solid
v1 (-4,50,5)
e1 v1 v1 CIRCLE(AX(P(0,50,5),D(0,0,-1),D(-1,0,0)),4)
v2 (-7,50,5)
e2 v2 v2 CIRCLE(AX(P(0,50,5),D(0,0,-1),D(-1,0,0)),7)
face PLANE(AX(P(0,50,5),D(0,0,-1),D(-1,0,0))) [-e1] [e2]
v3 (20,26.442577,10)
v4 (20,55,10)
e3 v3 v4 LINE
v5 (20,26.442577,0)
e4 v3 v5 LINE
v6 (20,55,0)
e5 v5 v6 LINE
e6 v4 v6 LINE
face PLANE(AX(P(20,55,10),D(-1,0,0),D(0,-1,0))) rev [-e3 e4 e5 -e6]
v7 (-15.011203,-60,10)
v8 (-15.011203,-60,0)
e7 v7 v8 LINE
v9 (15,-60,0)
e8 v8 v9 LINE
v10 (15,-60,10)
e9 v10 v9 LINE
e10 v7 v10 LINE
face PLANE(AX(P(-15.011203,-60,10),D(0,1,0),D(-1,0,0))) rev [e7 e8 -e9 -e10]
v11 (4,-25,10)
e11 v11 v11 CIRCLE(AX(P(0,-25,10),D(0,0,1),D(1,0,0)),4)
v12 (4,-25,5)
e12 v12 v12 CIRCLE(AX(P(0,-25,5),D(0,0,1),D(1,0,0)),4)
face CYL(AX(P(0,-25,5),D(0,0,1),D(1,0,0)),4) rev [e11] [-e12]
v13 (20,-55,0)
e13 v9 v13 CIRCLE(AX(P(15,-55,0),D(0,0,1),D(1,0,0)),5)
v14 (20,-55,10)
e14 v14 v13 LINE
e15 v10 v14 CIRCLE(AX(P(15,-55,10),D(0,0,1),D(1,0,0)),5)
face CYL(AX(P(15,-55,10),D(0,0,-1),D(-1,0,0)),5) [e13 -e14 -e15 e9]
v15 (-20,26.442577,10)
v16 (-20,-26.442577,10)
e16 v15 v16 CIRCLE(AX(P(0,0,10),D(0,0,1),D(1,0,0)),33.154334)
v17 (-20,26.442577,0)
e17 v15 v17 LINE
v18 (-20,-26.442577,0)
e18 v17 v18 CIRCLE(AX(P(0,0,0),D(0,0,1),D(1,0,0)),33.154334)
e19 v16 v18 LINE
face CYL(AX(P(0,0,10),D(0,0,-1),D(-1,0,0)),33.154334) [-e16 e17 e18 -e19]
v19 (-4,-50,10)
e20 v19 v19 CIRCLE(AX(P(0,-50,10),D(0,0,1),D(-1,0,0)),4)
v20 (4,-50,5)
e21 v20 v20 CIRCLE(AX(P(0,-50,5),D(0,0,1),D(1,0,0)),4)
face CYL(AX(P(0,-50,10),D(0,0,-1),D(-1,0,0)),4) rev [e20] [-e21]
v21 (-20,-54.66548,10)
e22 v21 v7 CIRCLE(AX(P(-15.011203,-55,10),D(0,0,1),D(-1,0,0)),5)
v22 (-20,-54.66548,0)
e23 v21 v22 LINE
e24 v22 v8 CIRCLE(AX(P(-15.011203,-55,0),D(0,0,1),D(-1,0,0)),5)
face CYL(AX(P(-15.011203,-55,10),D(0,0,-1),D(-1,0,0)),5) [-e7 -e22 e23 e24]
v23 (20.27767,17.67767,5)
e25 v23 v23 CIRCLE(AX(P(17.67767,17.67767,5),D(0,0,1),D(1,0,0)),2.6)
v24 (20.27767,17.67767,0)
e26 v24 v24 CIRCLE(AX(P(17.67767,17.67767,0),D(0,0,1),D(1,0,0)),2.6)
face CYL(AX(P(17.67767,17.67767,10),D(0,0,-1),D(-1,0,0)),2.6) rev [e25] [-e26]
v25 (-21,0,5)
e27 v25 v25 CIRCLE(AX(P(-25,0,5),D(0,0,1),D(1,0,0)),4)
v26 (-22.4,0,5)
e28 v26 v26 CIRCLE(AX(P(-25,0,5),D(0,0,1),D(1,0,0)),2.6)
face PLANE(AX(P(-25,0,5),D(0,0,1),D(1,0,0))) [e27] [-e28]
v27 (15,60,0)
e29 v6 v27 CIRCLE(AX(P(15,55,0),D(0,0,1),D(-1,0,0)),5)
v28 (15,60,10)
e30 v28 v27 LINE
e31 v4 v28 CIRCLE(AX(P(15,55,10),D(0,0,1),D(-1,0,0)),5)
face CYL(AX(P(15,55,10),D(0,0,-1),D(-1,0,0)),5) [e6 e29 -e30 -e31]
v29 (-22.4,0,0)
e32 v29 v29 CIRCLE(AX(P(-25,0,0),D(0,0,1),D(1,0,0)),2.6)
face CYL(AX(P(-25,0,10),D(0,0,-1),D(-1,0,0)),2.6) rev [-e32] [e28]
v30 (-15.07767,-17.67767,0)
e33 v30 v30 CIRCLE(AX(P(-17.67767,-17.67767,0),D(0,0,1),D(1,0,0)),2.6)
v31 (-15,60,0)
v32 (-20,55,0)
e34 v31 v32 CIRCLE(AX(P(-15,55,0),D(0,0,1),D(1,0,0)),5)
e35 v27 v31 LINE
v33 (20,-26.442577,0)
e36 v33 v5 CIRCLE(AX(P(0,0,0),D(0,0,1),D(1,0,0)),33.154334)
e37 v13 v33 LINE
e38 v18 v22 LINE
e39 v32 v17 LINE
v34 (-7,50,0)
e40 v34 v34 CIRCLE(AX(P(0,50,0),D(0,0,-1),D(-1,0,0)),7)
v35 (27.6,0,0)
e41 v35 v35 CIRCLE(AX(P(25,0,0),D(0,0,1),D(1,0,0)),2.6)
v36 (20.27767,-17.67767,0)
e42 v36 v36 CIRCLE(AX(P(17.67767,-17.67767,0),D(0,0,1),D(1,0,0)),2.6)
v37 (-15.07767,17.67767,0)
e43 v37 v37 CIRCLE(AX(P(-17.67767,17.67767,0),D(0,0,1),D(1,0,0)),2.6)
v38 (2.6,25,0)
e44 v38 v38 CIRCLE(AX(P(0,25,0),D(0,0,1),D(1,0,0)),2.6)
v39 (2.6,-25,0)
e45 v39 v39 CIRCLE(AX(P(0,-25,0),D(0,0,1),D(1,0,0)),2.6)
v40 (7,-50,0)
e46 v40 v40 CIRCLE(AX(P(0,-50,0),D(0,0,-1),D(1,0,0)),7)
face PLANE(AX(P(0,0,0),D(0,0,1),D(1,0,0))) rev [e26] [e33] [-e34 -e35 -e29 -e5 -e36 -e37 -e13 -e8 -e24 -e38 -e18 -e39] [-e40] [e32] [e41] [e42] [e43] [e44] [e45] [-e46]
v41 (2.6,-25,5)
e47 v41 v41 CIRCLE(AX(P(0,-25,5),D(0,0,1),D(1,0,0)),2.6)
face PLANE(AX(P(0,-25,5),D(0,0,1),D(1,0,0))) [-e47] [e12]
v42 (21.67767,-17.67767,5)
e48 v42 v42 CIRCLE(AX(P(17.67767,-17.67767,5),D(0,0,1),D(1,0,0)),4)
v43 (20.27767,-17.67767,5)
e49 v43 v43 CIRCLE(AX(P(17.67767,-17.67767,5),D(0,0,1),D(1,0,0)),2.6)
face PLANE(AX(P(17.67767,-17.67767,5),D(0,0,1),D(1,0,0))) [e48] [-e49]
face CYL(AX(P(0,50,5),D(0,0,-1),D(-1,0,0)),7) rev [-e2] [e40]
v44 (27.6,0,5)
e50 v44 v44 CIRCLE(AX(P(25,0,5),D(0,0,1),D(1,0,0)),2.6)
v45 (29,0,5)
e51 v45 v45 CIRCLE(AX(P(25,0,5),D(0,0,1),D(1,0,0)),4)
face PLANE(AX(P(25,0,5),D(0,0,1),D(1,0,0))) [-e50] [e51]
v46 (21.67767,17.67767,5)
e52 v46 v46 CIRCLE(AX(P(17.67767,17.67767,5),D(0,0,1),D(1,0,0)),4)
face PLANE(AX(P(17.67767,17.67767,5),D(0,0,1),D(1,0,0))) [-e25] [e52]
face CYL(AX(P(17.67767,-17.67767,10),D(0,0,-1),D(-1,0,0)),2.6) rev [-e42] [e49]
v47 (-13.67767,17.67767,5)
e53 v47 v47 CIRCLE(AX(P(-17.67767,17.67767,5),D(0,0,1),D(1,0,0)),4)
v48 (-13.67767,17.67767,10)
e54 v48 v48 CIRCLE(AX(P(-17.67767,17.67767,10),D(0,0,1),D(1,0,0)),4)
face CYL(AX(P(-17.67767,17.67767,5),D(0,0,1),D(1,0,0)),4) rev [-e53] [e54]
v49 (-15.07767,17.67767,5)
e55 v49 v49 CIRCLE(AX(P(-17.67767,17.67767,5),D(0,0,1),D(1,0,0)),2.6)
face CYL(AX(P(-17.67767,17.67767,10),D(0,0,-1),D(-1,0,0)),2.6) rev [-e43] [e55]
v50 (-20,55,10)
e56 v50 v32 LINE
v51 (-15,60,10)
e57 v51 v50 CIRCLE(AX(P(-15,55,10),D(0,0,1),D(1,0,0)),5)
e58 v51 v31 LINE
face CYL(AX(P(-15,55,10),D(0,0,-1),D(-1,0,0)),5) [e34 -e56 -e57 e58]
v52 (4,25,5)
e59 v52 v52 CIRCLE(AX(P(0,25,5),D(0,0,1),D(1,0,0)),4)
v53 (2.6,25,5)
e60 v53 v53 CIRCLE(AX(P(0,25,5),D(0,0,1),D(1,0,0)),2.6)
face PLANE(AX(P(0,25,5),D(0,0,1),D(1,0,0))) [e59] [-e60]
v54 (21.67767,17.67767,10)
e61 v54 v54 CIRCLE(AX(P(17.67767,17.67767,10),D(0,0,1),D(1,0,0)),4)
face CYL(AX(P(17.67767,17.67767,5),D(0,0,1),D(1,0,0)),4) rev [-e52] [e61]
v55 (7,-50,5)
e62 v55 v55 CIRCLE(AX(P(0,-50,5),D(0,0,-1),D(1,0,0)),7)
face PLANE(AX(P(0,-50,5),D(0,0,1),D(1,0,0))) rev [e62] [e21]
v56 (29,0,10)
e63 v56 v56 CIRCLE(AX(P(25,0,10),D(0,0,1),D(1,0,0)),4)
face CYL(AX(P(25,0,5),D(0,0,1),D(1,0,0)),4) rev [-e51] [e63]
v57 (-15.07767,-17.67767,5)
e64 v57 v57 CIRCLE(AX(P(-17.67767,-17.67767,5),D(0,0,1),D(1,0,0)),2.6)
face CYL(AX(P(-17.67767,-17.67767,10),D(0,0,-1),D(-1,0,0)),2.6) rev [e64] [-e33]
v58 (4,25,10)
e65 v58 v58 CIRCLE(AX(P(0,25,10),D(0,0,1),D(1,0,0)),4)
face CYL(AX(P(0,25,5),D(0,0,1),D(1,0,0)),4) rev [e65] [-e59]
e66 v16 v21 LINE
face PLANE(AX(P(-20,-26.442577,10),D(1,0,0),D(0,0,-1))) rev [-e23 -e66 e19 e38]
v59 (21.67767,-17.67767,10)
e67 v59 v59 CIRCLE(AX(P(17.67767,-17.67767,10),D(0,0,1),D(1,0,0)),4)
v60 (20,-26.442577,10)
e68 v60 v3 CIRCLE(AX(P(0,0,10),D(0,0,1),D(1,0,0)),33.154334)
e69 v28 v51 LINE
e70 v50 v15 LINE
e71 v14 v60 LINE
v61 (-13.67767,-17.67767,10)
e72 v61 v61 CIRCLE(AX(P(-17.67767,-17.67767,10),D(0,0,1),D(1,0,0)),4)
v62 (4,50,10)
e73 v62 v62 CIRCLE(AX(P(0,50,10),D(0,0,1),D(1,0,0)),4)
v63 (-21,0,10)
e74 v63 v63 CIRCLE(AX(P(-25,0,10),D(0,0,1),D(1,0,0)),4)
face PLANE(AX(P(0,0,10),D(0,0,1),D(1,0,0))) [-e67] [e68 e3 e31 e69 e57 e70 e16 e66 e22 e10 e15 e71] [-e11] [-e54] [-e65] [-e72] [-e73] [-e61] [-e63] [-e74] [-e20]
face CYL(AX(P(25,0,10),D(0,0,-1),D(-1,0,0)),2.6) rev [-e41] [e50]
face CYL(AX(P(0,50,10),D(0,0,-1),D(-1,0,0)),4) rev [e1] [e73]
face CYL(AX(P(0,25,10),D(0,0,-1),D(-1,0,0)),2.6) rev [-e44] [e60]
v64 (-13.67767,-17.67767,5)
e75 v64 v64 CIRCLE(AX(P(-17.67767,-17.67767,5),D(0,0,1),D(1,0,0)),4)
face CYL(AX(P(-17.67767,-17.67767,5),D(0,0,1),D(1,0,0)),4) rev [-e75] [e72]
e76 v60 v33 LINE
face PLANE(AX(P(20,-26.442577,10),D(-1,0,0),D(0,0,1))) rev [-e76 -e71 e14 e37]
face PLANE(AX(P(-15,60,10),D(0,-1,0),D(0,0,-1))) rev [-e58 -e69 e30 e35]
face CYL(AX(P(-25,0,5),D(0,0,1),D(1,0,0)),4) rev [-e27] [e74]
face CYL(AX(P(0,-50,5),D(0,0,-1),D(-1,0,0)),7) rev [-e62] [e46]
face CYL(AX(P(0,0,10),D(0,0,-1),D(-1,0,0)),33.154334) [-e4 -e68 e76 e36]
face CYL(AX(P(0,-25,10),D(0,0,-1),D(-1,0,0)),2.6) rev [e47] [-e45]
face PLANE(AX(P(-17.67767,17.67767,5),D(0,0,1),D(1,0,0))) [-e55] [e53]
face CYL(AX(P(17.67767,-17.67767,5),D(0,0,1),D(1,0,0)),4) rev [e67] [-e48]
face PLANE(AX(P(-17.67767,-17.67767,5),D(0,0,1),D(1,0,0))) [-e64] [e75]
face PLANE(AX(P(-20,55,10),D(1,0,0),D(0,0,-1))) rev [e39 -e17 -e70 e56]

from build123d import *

# Parameters (mm, degrees)
MODEL_R                 = 2.6
MODEL_R_2               = 4
SALIENTE_EXTRUIR1_DEPTH = 10
CROQUIS3_R              = 4
CORTAR_EXTRUIR1_DEPTH   = 5
CROQUIS4_R              = 7
CORTAR_EXTRUIR2_DEPTH   = 5


with BuildPart() as part:
    # Model → Saliente-Extruir1 (new body)
    with BuildSketch(Plane.XY):
        with BuildLine():
            Line((-15, 60), (15, 60))
            ThreePointArc((15, 60), (18.535533906, 58.535533906), (20, 55))
            Line((20, 55), (20, 26.442576537))
            ThreePointArc((20, 26.442576537), (33.154333863, 0), (20, -26.442576537))
            Line((20, -26.442576537), (20, -55))
            ThreePointArc((20, -55), (18.535533906, -58.535533906), (15, -60))
            Line((15, -60), (-15.011202946, -60))
            ThreePointArc((-15.011202946, -60), (-18.663093033, -58.415215776), (-20, -54.665479518))
            Line((-20, -54.665479518), (-20, -26.442576537))
            ThreePointArc((-20, -26.442576537), (-33.154333863, 0), (-20, 26.442576537))
            Line((-20, 26.442576537), (-20, 55))
            ThreePointArc((-20, 55), (-18.535533906, 58.535533906), (-15, 60))
        make_face()
        with Locations((-17.67766953, 17.677669526)):
            Circle(MODEL_R, mode=Mode.SUBTRACT)
        with Locations((-2e-09, 24.999999998)):
            Circle(MODEL_R, mode=Mode.SUBTRACT)
        with Locations((-24.999999998, -2e-09)):
            Circle(MODEL_R, mode=Mode.SUBTRACT)
        with Locations((17.677669526, 17.67766953)):
            Circle(MODEL_R, mode=Mode.SUBTRACT)
        with Locations((24.999999998, 2e-09)):
            Circle(MODEL_R, mode=Mode.SUBTRACT)
        with Locations((17.67766953, -17.677669526)):
            Circle(MODEL_R, mode=Mode.SUBTRACT)
        with Locations((2e-09, -24.999999998)):
            Circle(MODEL_R, mode=Mode.SUBTRACT)
        with Locations((-17.677669526, -17.67766953)):
            Circle(MODEL_R, mode=Mode.SUBTRACT)
        with Locations((0, 50)):
            Circle(MODEL_R_2, mode=Mode.SUBTRACT)
        with Locations(Location((0, -50, 0), (0, 0, 180))):
            Circle(MODEL_R_2, mode=Mode.SUBTRACT)
    extrude(amount=SALIENTE_EXTRUIR1_DEPTH)

    # Croquis3 → Cortar-Extruir1 (cut)
    with BuildSketch(Plane.XY.offset(10)):
        with Locations((24.999999998, 2e-09)):
            Circle(CROQUIS3_R)
        with Locations((17.67766953, -17.677669526)):
            Circle(CROQUIS3_R)
        with Locations((2e-09, -24.999999998)):
            Circle(CROQUIS3_R)
        with Locations((-17.677669526, -17.67766953)):
            Circle(CROQUIS3_R)
        with Locations((-24.999999998, -2e-09)):
            Circle(CROQUIS3_R)
        with Locations((-17.67766953, 17.677669526)):
            Circle(CROQUIS3_R)
        with Locations((-2e-09, 24.999999998)):
            Circle(CROQUIS3_R)
        with Locations((17.677669526, 17.67766953)):
            Circle(CROQUIS3_R)
    extrude(amount=-CORTAR_EXTRUIR1_DEPTH, mode=Mode.SUBTRACT)

    # Croquis4 → Cortar-Extruir2 (cut)
    with BuildSketch(Plane(origin=(0, 0, 0), x_dir=(-1, 0, 0), z_dir=(0, 0, -1))):
        with Locations((0, 50)):
            Circle(CROQUIS4_R)
        with Locations(Location((0, -50, 0), (0, 0, 180))):
            Circle(CROQUIS4_R)
    extrude(amount=-CORTAR_EXTRUIR2_DEPTH, mode=Mode.SUBTRACT)


solid = part.part
